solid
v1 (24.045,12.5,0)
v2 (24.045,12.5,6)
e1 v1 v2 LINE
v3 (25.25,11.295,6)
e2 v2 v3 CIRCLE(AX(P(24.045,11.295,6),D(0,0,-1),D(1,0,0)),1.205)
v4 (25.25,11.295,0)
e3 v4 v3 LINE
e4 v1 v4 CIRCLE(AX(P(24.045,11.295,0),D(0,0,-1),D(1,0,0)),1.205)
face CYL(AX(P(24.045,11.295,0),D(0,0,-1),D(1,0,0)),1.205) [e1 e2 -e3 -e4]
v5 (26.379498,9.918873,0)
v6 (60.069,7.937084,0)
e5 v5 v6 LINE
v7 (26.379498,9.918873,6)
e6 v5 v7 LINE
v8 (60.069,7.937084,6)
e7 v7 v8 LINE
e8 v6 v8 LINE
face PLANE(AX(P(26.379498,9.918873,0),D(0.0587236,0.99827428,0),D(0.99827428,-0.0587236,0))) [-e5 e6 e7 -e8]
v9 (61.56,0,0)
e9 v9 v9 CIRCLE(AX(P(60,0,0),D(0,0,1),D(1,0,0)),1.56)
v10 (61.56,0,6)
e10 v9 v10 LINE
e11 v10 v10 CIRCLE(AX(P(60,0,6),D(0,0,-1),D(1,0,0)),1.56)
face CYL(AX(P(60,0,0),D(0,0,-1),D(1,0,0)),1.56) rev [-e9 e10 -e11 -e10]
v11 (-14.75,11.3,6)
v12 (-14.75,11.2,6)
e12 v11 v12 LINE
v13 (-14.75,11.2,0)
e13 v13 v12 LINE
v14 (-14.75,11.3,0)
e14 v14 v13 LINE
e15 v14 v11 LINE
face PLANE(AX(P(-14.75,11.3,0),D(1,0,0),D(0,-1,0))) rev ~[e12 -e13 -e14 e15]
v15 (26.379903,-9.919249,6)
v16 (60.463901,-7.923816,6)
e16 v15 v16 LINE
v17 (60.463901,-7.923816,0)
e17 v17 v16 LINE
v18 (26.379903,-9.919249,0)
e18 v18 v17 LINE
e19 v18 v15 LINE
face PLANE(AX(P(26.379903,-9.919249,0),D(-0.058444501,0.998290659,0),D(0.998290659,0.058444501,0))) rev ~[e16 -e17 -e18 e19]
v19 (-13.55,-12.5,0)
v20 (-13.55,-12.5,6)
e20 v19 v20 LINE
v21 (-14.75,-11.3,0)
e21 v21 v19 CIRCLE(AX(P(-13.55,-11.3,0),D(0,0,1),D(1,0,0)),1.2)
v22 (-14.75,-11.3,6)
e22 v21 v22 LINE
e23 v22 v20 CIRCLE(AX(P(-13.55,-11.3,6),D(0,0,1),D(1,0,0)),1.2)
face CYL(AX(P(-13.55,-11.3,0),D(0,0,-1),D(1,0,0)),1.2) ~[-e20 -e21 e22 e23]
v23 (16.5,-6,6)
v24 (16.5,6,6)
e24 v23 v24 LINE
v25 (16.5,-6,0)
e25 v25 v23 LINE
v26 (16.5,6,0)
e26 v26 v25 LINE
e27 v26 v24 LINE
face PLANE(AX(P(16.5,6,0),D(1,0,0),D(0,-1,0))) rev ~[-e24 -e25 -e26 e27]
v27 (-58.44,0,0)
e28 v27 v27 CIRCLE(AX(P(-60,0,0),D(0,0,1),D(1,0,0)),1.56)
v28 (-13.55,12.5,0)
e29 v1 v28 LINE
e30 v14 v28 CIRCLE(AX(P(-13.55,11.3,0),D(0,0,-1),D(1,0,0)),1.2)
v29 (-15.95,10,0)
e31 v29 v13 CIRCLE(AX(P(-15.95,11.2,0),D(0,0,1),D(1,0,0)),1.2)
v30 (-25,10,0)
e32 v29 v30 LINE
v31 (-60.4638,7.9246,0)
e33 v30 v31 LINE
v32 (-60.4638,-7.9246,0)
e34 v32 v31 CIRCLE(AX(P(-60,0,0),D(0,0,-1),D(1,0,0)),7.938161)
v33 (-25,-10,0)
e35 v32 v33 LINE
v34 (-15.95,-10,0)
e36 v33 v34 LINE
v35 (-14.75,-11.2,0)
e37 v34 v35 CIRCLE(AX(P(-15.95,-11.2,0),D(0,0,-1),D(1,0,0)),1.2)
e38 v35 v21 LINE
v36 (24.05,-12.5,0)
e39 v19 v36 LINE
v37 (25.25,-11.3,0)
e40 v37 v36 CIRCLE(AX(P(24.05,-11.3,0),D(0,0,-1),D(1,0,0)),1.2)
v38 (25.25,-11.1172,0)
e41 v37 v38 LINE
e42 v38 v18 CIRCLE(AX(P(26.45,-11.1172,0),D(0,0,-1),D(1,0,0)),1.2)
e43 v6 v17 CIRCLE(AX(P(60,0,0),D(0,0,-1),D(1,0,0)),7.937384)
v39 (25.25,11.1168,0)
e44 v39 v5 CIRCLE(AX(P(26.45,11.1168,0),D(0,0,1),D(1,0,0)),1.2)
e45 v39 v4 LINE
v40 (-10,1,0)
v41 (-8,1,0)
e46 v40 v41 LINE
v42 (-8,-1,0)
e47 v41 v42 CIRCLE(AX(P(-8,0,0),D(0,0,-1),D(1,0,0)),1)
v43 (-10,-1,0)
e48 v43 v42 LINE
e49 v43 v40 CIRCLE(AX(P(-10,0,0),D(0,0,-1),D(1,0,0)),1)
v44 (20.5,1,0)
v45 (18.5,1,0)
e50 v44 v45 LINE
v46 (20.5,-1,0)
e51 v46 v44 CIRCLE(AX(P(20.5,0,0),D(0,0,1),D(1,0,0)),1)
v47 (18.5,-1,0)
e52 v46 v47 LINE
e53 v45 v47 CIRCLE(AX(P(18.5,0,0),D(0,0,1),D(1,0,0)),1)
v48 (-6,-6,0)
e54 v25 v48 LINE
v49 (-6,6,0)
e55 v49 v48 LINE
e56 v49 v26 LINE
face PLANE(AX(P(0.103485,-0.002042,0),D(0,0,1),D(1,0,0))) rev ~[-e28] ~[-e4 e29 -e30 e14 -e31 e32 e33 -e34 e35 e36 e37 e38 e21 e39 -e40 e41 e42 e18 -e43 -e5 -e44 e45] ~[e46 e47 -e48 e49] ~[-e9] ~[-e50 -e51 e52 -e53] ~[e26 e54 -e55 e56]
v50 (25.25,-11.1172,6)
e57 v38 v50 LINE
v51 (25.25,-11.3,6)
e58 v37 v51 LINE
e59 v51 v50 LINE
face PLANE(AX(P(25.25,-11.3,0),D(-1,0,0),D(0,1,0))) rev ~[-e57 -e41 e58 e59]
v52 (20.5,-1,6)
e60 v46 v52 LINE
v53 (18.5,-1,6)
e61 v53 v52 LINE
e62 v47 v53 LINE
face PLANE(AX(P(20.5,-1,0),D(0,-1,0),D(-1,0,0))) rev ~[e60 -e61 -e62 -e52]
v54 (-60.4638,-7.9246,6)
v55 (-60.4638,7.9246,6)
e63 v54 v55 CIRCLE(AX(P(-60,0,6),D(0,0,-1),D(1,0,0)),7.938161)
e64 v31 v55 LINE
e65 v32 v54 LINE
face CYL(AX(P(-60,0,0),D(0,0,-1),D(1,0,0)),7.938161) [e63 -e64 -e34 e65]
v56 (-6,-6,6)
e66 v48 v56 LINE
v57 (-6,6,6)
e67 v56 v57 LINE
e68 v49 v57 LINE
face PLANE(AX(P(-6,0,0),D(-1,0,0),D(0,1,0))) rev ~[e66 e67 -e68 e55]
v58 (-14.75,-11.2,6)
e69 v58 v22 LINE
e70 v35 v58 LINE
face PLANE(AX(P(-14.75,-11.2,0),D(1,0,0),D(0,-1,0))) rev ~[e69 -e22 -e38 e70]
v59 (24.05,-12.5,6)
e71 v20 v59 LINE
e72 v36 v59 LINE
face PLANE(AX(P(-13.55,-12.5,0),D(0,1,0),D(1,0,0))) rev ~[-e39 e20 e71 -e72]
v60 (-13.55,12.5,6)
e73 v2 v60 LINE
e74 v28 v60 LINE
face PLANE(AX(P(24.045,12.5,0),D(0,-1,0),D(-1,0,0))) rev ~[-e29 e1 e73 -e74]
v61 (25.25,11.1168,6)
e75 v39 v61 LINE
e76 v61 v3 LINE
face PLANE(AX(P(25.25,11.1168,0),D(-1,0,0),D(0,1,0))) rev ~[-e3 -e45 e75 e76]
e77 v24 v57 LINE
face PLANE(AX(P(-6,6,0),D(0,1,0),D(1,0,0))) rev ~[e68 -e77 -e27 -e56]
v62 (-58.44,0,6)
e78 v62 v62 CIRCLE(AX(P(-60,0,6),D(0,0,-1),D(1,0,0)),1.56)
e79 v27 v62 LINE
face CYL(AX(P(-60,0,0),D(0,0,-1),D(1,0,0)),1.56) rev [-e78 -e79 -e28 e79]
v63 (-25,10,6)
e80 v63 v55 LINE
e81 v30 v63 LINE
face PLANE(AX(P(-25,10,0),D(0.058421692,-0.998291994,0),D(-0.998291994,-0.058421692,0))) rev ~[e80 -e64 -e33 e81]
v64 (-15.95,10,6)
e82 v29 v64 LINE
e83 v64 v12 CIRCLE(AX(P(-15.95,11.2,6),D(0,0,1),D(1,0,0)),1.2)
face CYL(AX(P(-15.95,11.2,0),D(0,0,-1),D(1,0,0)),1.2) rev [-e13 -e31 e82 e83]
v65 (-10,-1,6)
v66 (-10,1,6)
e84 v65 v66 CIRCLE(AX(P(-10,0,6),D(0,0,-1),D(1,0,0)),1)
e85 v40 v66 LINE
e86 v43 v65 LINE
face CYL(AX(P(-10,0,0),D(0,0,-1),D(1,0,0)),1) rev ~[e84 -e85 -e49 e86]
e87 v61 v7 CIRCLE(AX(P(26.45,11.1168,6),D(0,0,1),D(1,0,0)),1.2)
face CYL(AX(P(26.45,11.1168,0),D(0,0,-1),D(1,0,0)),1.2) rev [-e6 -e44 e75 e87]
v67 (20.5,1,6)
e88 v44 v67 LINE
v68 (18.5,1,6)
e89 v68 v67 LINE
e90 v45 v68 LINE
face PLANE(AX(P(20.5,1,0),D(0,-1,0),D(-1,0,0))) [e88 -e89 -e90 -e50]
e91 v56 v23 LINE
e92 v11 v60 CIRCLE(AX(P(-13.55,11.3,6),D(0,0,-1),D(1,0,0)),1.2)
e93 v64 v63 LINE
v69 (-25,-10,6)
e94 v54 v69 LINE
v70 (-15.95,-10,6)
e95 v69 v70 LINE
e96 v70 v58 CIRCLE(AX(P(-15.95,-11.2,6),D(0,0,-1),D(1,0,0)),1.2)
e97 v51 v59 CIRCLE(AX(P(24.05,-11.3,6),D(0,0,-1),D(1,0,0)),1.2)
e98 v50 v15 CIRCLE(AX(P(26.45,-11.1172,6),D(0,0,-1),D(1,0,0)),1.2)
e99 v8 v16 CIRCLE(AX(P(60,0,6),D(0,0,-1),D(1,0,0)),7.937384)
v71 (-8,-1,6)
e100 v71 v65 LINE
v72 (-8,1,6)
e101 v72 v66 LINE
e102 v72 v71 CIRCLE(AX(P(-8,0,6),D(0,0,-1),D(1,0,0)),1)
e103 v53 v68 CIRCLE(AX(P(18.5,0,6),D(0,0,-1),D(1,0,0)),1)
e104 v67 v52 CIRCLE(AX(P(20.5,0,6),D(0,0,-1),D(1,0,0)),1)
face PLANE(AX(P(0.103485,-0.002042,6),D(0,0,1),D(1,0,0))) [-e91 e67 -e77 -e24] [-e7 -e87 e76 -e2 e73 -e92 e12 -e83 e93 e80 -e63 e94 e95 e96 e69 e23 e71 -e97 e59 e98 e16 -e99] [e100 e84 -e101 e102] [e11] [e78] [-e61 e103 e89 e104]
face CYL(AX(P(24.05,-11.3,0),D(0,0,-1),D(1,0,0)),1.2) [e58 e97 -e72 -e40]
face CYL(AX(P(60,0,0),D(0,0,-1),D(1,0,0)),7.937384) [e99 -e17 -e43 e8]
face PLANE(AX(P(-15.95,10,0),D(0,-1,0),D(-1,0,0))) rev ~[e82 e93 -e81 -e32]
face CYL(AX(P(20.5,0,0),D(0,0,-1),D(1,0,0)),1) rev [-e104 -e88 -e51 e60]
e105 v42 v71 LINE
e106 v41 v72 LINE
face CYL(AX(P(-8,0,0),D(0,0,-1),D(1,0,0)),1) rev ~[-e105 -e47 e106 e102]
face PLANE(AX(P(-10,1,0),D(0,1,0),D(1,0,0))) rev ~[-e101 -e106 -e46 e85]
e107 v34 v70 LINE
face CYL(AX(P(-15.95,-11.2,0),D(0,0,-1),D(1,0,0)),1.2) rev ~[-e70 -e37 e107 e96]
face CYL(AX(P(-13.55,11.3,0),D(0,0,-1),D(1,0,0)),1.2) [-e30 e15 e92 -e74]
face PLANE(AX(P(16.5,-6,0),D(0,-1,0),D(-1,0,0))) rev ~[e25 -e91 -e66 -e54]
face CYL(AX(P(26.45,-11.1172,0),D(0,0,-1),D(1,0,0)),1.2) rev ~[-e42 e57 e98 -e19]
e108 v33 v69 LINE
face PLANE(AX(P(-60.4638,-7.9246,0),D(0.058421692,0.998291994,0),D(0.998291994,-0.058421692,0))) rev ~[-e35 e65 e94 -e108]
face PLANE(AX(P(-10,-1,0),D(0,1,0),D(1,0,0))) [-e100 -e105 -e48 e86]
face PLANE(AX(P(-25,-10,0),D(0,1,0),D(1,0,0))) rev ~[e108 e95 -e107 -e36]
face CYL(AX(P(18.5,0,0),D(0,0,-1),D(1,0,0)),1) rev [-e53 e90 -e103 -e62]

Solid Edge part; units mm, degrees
sketch "Sketch1" plane through (0, 0, 0) normal (0, 0, 1) x (1, 0, 0)
  line L0 (-15.95, 10) -> (-25, 10)
  line L1 (-25, 10) -> (-60.4638, 7.9246)
  line L2 (-60.4638, -7.9246) -> (-25, -10)
  line L3 (-25, -10) -> (-15.95, -10)
  arc A0 (-15.95, -10) -> (-14.75, -11.2) centre (-15.95, -11.2) cw
  line L4 (-14.75, -11.2) -> (-14.75, -11.3)
  arc A1 (-14.75, -11.3) -> (-13.55, -12.5) centre (-13.55, -11.3) ccw
  line L5 (-13.55, -12.5) -> (24.05, -12.5)
  arc A2 (25.25, -11.3) -> (24.05, -12.5) centre (24.05, -11.3) cw
  line L6 (25.25, -11.3) -> (25.25, -11.1172)
  arc A3 (25.25, -11.1172) -> (26.3799, -9.9192) centre (26.45, -11.1172) cw
  line L7 (26.3799, -9.9192) -> (60.4639, -7.9238)
  line L8 (26.3795, 9.9189) -> (60.069, 7.9371)
  arc A4 (25.25, 11.1168) -> (26.3795, 9.9189) centre (26.45, 11.1168) ccw
  line L9 (25.25, 11.1168) -> (25.25, 11.295)
  arc A5 (24.045, 12.5) -> (25.25, 11.295) centre (24.045, 11.295) cw
  line L10 (24.045, 12.5) -> (-13.55, 12.5)
  arc A6 (-14.75, 11.3) -> (-13.55, 12.5) centre (-13.55, 11.3) cw
  line L11 (-14.75, 11.3) -> (-14.75, 11.2)
  arc A7 (-15.95, 10) -> (-14.75, 11.2) centre (-15.95, 11.2) ccw
  arc A8 (-60.4638, -7.9246) -> (-60.4638, 7.9246) centre (-60, 0) cw
  arc A9 (60.069, 7.9371) -> (60.4639, -7.9238) centre (60, 0) cw
extrude "Protrusion1" add sketch "Sketch1" along normal blind 6
sketch "Sketch2" plane through (0, 0, 0) normal (0, 0, 1) x (1, 0, 0)
  circle A0 centre (-60, 0) radius 1.56
  circle A1 centre (60, 0) radius 1.56
extrude "ExtrudedCutout_1" cut sketch "Sketch2" along normal blind 17.9181
sketch "Sketch3" plane through (0, 0, 0) normal (0, 0, 1) x (1, 0, 0)
  line L0 (-6, 6) -> (16.5, 6)
  line L1 (16.5, 6) -> (16.5, -6)
  line L2 (16.5, -6) -> (-6, -6)
  line L3 (-6, -6) -> (-6, 0)
  line L4 (-6, 0) -> (-6, 6)
  arc A0 (-8, 1) -> (-8, -1) centre (-8, 0) cw
  line L5 (-10, -1) -> (-8, -1)
  arc A1 (-10, -1) -> (-10, 1) centre (-10, 0) cw
  line L6 (-10, 1) -> (-8, 1)
  arc A2 (20.5, -1) -> (20.5, 1) centre (20.5, 0) ccw
  line L7 (20.5, 1) -> (18.5, 1)
  arc A3 (18.5, 1) -> (18.5, -1) centre (18.5, 0) ccw
  line L8 (20.5, -1) -> (18.5, -1)
extrude "ExtrudedCutout_2" cut sketch "Sketch3" along normal blind 36.5435
